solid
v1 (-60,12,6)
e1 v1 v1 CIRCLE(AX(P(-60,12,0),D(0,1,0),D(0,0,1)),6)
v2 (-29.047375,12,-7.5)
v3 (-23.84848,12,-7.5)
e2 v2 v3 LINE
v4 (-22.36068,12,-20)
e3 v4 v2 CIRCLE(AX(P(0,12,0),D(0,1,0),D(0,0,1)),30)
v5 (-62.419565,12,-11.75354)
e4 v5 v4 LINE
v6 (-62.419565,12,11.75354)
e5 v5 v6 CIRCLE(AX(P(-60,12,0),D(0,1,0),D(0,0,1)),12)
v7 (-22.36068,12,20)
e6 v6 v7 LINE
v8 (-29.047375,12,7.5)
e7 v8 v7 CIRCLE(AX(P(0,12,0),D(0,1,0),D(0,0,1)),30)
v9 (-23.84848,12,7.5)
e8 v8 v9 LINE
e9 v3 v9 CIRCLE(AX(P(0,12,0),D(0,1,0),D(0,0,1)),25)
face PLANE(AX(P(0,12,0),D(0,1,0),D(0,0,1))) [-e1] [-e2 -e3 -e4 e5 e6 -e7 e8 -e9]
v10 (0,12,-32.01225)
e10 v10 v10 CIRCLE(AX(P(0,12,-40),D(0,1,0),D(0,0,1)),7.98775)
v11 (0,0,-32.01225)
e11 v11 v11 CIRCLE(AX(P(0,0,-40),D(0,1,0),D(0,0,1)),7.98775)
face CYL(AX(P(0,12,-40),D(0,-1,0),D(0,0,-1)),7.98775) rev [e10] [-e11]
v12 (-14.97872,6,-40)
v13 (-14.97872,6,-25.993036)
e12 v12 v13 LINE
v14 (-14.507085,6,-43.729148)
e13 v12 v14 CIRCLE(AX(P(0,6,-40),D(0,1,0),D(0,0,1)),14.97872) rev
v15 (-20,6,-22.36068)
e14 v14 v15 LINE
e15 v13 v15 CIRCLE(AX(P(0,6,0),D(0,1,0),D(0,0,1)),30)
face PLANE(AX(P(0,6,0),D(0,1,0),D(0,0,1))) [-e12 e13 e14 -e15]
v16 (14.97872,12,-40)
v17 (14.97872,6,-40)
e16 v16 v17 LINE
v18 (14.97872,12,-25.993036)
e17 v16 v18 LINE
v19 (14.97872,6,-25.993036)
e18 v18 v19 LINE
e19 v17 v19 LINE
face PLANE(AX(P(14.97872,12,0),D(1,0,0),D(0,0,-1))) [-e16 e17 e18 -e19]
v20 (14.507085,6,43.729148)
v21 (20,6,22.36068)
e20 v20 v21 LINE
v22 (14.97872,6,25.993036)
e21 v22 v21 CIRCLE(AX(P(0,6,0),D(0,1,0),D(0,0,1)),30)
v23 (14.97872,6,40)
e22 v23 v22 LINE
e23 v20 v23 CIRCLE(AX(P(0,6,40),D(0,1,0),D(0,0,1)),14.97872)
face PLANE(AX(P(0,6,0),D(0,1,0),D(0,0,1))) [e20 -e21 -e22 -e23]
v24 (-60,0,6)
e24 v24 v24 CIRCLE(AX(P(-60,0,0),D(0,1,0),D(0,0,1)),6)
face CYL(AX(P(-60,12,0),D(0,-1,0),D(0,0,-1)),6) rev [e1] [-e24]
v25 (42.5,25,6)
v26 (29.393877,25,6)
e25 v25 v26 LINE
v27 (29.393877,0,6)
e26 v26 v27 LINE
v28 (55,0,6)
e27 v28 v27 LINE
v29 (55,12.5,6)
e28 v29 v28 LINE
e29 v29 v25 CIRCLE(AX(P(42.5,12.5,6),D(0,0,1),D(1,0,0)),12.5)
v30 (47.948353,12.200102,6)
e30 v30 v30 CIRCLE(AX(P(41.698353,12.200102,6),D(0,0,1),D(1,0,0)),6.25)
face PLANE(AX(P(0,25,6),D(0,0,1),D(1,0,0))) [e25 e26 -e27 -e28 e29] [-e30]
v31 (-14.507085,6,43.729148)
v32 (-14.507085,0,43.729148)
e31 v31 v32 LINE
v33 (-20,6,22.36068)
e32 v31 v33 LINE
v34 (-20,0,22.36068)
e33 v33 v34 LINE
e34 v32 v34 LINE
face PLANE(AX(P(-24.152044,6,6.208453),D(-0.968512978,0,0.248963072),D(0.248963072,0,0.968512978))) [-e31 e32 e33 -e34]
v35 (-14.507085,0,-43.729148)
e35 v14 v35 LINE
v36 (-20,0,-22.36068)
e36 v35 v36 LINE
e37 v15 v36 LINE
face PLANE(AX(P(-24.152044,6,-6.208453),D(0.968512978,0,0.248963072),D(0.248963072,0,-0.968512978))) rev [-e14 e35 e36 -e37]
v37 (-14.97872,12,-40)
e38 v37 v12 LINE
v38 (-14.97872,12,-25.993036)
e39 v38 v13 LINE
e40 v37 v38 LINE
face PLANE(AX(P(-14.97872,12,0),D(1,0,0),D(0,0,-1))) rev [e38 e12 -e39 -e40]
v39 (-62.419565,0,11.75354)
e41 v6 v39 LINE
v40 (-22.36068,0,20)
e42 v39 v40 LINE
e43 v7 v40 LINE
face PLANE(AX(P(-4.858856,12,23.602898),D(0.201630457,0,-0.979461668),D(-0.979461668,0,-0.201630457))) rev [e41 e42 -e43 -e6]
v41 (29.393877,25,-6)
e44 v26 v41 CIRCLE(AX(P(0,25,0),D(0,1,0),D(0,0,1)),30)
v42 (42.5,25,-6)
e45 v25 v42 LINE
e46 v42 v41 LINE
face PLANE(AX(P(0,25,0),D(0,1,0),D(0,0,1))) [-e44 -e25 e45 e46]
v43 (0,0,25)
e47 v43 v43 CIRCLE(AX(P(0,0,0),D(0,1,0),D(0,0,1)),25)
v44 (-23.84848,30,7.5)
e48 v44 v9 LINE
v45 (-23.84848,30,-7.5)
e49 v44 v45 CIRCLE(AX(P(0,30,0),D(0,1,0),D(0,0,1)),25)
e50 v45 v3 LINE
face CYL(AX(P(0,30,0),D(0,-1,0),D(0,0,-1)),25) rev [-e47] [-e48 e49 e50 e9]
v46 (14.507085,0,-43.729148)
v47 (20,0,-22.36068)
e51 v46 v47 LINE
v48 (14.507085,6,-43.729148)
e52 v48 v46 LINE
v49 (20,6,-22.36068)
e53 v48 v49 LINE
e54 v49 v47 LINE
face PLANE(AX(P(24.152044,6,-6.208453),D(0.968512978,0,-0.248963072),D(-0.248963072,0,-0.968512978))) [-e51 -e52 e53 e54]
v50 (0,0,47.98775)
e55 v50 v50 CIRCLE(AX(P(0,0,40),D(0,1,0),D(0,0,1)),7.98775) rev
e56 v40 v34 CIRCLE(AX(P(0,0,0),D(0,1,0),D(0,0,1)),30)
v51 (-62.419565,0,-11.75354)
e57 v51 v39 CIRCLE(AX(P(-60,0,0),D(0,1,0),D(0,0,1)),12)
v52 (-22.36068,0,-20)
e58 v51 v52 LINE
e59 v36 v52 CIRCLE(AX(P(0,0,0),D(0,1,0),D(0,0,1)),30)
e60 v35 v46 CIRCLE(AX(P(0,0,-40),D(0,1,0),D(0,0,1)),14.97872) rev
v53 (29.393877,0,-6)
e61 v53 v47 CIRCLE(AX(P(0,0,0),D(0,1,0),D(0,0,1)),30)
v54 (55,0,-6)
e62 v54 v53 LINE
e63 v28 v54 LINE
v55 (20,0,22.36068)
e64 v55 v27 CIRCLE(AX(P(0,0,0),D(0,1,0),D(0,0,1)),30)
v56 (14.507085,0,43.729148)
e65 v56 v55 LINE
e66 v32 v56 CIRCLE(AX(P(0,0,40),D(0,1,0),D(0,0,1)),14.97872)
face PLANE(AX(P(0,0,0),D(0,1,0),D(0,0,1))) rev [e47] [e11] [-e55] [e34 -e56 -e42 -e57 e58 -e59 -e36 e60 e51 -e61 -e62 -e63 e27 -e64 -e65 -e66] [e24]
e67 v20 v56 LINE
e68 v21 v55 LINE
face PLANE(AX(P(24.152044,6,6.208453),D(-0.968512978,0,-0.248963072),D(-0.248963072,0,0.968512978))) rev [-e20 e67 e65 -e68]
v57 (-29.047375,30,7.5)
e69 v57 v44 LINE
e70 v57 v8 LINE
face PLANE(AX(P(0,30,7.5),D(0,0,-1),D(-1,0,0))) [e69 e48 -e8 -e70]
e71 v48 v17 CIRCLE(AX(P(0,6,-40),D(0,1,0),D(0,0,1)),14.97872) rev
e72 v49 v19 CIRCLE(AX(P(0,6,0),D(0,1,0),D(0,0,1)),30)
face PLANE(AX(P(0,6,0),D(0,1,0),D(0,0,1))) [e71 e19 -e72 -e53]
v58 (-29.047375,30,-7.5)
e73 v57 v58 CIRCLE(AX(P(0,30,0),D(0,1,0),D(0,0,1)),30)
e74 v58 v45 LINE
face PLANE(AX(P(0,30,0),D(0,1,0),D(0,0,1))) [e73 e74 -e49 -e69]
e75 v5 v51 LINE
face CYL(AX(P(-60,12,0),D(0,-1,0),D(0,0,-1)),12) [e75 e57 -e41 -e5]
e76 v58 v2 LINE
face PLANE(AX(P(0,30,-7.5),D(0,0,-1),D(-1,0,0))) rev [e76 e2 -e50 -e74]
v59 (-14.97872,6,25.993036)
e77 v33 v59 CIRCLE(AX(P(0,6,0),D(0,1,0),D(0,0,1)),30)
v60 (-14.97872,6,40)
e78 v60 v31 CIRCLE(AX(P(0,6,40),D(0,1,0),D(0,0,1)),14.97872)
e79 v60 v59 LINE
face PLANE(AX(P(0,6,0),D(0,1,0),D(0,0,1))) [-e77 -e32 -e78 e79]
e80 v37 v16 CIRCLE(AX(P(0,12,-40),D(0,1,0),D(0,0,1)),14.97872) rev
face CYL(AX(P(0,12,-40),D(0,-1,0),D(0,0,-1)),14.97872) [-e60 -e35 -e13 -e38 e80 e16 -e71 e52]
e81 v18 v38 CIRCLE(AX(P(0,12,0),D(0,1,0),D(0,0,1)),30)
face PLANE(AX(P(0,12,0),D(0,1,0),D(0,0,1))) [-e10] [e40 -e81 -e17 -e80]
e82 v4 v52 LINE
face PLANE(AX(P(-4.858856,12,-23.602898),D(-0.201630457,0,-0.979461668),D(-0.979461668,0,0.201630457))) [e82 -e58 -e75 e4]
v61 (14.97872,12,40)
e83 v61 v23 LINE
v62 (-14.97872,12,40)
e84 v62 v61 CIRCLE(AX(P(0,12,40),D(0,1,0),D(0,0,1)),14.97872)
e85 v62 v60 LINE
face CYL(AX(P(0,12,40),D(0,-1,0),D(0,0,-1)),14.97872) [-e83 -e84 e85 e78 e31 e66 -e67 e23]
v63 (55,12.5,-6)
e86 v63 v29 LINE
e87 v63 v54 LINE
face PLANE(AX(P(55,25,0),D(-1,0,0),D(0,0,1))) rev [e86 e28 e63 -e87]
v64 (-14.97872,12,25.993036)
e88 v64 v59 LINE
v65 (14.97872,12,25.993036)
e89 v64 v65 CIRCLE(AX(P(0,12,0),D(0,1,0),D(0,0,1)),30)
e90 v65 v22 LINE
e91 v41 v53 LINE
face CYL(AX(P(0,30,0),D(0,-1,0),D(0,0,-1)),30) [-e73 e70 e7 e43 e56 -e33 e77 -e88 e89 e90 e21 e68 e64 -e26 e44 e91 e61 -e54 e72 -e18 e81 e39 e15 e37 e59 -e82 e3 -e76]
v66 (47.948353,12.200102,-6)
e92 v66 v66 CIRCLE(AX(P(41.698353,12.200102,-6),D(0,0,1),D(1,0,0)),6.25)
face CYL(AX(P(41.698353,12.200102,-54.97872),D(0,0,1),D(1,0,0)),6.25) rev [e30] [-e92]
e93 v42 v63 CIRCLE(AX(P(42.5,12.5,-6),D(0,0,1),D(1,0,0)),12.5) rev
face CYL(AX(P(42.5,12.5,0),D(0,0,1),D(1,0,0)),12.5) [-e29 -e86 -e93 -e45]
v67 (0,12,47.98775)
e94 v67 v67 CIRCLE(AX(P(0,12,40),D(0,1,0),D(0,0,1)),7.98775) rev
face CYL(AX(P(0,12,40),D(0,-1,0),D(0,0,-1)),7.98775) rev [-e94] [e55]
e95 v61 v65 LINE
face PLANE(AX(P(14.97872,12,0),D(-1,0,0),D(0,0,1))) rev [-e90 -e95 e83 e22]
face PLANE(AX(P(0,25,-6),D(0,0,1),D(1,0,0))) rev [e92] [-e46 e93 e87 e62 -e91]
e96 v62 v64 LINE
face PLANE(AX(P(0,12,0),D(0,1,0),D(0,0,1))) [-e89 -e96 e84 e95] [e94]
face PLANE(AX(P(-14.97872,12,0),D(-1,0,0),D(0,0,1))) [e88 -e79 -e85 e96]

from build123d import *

# Parameters (mm, degrees)
Y_KSEKLIK_EKSTR_ZYON2_DEPTH = 30
IZIM1_7_R                   = 6
IZIM1_7_R_2                 = 7.987749768
Y_KSEKLIK_EKSTR_ZYON3_DEPTH = 12
Y_KSEKLIK_EKSTR_ZYON6_DEPTH = 6
Y_KSEKLIK_EKSTR_ZYON7_DEPTH = 25
RADYUS1_R                   = 12.5
IZIM2_R                     = 6.25
KES_EKSTR_ZYON1_DEPTH       = 100.007092258


with BuildPart() as part:
    # Çizim1 → Yükseklik-Ekstrüzyon2 (new body)
    with BuildSketch(Plane(origin=(0, 0, 0), x_dir=(1, 0, 0), z_dir=(0, 1, 0))):
        with BuildLine():
            ThreePointArc((-20, 22.360679775), (-21.213203436, 21.213203436), (-22.360679775, 20))
            ThreePointArc((-22.360679775, 20), (-26.452968197, 14.150635095), (-29.047375097, 7.5))
            Line((-29.047375097, 7.5), (-23.848480035, 7.5))
            ThreePointArc((-23.848480035, 7.5), (3.793942482, 24.710443145), (25, 0))
            ThreePointArc((25, 0), (3.793942482, -24.710443145), (-23.848480035, -7.5))
            Line((-23.848480035, -7.5), (-29.047375097, -7.5))
            ThreePointArc((-29.047375097, -7.5), (-26.452968197, -14.150635095), (-22.360679775, -20))
            ThreePointArc((-22.360679775, -20), (-21.213203436, -21.213203436), (-20, -22.360679775))
            ThreePointArc((-20, -22.360679775), (-17.58340753, -24.306866923), (-14.978720201, -25.993036397))
            ThreePointArc((-14.978720201, -25.993036397), (0, -30), (14.978720201, -25.993036397))
            ThreePointArc((14.978720201, -25.993036397), (17.58340753, -24.306866923), (20, -22.360679775))
            ThreePointArc((20, -22.360679775), (26.016470356, -14.937980794), (29.393876913, -6))
            ThreePointArc((29.393876913, -6), (30, 0), (29.393876913, 6))
            ThreePointArc((29.393876913, 6), (26.016470356, 14.937980794), (20, 22.360679775))
            ThreePointArc((20, 22.360679775), (17.58340753, 24.306866923), (14.978720201, 25.993036397))
            ThreePointArc((14.978720201, 25.993036397), (0, 30), (-14.978720201, 25.993036397))
            ThreePointArc((-14.978720201, 25.993036397), (-17.58340753, 24.306866923), (-20, 22.360679775))
        make_face()
    extrude(amount=Y_KSEKLIK_EKSTR_ZYON2_DEPTH)

    # Çizim1<7> → Yükseklik-Ekstrüzyon3 (add)
    # profile 1 of 3: a face of its own
    with BuildSketch(Plane(origin=(0, 0, 0), x_dir=(1, 0, 0), z_dir=(0, 1, 0))):
        with BuildLine():
            Line((-22.360679775, 20), (-62.419565489, 11.753540013))
            ThreePointArc((-62.419565489, 11.753540013), (-72, 0), (-62.419565489, -11.753540013))
            Line((-62.419565489, -11.753540013), (-22.360679775, -20))
            ThreePointArc((-22.360679775, -20), (-26.452968197, -14.150635095), (-29.047375097, -7.5))
            Line((-29.047375097, -7.5), (-23.848480035, -7.5))
            ThreePointArc((-23.848480035, -7.5), (-25, 0), (-23.848480035, 7.5))
            Line((-23.848480035, 7.5), (-29.047375097, 7.5))
            ThreePointArc((-29.047375097, 7.5), (-26.452968197, 14.150635095), (-22.360679775, 20))
        make_face()
        with Locations((-60, 0)):
            Circle(IZIM1_7_R, mode=Mode.SUBTRACT)
    # profile 2 of 3: a face of its own
    with BuildSketch(Plane(origin=(0, 0, 0), x_dir=(1, 0, 0), z_dir=(0, 1, 0))):
        with BuildLine():
            ThreePointArc((14.978720201, 40), (0, 54.978720201), (-14.978720201, 40))
            Line((-14.978720201, 40), (-14.978720201, 25.993036397))
            ThreePointArc((-14.978720201, 25.993036397), (0, 30), (14.978720201, 25.993036397))
            Line((14.978720201, 25.993036397), (14.978720201, 40))
        make_face()
        with Locations((0, 40)):
            Circle(IZIM1_7_R_2, mode=Mode.SUBTRACT)
    # profile 3 of 3: a face of its own
    with BuildSketch(Plane(origin=(0, 0, 0), x_dir=(1, 0, 0), z_dir=(0, 1, 0))):
        with BuildLine():
            ThreePointArc((-14.978720201, -40), (0, -54.978720201), (14.978720201, -40))
            Line((14.978720201, -40), (14.978720201, -25.993036397))
            ThreePointArc((14.978720201, -25.993036397), (0, -30), (-14.978720201, -25.993036397))
            Line((-14.978720201, -25.993036397), (-14.978720201, -40))
        make_face()
        with Locations((0, -40)):
            Circle(IZIM1_7_R_2, mode=Mode.SUBTRACT)
    extrude(amount=Y_KSEKLIK_EKSTR_ZYON3_DEPTH)

    # Çizim1<12> → Yükseklik-Ekstrüzyon6 (add)
    with BuildSketch(Plane(origin=(0, 0, 0), x_dir=(1, 0, 0), z_dir=(0, 1, 0))):
        with BuildLine():
            Line((-14.507084908, 43.729148203), (-20, 22.360679775))
            ThreePointArc((-20, 22.360679775), (-17.58340753, 24.306866923), (-14.978720201, 25.993036397))
            Line((-14.978720201, 25.993036397), (-14.978720201, 40))
            ThreePointArc((-14.978720201, 40), (-14.860343614, 41.879427184), (-14.507084908, 43.729148203))
        make_face()
        with BuildLine():
            ThreePointArc((-14.978720201, -25.993036397), (-17.58340753, -24.306866923), (-20, -22.360679775))
            Line((-20, -22.360679775), (-14.507084908, -43.729148203))
            ThreePointArc((-14.507084908, -43.729148203), (-14.860343614, -41.879427184), (-14.978720201, -40))
            Line((-14.978720201, -40), (-14.978720201, -25.993036397))
        make_face()
        with BuildLine():
            Line((20, 22.360679775), (14.507084908, 43.729148203))
            ThreePointArc((14.507084908, 43.729148203), (14.860343614, 41.879427184), (14.978720201, 40))
            Line((14.978720201, 40), (14.978720201, 25.993036397))
            ThreePointArc((14.978720201, 25.993036397), (17.58340753, 24.306866923), (20, 22.360679775))
        make_face()
        with BuildLine():
            ThreePointArc((14.978720201, -40), (14.860343614, -41.879427184), (14.507084908, -43.729148203))
            Line((14.507084908, -43.729148203), (20, -22.360679775))
            ThreePointArc((20, -22.360679775), (17.58340753, -24.306866923), (14.978720201, -25.993036397))
            Line((14.978720201, -25.993036397), (14.978720201, -40))
        make_face()
    extrude(amount=Y_KSEKLIK_EKSTR_ZYON6_DEPTH)

    # Çizim1<13> → Yükseklik-Ekstrüzyon7 (add)
    with BuildSketch(Plane(origin=(0, 0, 0), x_dir=(1, 0, 0), z_dir=(0, 1, 0))):
        with BuildLine():
            Line((55, 6), (29.393876913, 6))
            ThreePointArc((29.393876913, 6), (30, 0), (29.393876913, -6))
            Line((29.393876913, -6), (55, -6))
            Line((55, -6), (55, 6))
        make_face()
    extrude(amount=Y_KSEKLIK_EKSTR_ZYON7_DEPTH)

    # Radyus1
    radyus1_edges = [part.edges().sort_by_distance(p)[0] for p in [
        (55, 25, 0),
    ]]
    fillet(radyus1_edges, radius=RADYUS1_R)

    # Çizim2 → Kes-Ekstrüzyon1 (cut, through all)
    with BuildSketch(Plane.XY.offset(6)):
        with Locations((41.698353051, 12.200101709)):
            Circle(IZIM2_R)
    extrude(amount=-KES_EKSTR_ZYON1_DEPTH, mode=Mode.SUBTRACT)


solid = part.part
